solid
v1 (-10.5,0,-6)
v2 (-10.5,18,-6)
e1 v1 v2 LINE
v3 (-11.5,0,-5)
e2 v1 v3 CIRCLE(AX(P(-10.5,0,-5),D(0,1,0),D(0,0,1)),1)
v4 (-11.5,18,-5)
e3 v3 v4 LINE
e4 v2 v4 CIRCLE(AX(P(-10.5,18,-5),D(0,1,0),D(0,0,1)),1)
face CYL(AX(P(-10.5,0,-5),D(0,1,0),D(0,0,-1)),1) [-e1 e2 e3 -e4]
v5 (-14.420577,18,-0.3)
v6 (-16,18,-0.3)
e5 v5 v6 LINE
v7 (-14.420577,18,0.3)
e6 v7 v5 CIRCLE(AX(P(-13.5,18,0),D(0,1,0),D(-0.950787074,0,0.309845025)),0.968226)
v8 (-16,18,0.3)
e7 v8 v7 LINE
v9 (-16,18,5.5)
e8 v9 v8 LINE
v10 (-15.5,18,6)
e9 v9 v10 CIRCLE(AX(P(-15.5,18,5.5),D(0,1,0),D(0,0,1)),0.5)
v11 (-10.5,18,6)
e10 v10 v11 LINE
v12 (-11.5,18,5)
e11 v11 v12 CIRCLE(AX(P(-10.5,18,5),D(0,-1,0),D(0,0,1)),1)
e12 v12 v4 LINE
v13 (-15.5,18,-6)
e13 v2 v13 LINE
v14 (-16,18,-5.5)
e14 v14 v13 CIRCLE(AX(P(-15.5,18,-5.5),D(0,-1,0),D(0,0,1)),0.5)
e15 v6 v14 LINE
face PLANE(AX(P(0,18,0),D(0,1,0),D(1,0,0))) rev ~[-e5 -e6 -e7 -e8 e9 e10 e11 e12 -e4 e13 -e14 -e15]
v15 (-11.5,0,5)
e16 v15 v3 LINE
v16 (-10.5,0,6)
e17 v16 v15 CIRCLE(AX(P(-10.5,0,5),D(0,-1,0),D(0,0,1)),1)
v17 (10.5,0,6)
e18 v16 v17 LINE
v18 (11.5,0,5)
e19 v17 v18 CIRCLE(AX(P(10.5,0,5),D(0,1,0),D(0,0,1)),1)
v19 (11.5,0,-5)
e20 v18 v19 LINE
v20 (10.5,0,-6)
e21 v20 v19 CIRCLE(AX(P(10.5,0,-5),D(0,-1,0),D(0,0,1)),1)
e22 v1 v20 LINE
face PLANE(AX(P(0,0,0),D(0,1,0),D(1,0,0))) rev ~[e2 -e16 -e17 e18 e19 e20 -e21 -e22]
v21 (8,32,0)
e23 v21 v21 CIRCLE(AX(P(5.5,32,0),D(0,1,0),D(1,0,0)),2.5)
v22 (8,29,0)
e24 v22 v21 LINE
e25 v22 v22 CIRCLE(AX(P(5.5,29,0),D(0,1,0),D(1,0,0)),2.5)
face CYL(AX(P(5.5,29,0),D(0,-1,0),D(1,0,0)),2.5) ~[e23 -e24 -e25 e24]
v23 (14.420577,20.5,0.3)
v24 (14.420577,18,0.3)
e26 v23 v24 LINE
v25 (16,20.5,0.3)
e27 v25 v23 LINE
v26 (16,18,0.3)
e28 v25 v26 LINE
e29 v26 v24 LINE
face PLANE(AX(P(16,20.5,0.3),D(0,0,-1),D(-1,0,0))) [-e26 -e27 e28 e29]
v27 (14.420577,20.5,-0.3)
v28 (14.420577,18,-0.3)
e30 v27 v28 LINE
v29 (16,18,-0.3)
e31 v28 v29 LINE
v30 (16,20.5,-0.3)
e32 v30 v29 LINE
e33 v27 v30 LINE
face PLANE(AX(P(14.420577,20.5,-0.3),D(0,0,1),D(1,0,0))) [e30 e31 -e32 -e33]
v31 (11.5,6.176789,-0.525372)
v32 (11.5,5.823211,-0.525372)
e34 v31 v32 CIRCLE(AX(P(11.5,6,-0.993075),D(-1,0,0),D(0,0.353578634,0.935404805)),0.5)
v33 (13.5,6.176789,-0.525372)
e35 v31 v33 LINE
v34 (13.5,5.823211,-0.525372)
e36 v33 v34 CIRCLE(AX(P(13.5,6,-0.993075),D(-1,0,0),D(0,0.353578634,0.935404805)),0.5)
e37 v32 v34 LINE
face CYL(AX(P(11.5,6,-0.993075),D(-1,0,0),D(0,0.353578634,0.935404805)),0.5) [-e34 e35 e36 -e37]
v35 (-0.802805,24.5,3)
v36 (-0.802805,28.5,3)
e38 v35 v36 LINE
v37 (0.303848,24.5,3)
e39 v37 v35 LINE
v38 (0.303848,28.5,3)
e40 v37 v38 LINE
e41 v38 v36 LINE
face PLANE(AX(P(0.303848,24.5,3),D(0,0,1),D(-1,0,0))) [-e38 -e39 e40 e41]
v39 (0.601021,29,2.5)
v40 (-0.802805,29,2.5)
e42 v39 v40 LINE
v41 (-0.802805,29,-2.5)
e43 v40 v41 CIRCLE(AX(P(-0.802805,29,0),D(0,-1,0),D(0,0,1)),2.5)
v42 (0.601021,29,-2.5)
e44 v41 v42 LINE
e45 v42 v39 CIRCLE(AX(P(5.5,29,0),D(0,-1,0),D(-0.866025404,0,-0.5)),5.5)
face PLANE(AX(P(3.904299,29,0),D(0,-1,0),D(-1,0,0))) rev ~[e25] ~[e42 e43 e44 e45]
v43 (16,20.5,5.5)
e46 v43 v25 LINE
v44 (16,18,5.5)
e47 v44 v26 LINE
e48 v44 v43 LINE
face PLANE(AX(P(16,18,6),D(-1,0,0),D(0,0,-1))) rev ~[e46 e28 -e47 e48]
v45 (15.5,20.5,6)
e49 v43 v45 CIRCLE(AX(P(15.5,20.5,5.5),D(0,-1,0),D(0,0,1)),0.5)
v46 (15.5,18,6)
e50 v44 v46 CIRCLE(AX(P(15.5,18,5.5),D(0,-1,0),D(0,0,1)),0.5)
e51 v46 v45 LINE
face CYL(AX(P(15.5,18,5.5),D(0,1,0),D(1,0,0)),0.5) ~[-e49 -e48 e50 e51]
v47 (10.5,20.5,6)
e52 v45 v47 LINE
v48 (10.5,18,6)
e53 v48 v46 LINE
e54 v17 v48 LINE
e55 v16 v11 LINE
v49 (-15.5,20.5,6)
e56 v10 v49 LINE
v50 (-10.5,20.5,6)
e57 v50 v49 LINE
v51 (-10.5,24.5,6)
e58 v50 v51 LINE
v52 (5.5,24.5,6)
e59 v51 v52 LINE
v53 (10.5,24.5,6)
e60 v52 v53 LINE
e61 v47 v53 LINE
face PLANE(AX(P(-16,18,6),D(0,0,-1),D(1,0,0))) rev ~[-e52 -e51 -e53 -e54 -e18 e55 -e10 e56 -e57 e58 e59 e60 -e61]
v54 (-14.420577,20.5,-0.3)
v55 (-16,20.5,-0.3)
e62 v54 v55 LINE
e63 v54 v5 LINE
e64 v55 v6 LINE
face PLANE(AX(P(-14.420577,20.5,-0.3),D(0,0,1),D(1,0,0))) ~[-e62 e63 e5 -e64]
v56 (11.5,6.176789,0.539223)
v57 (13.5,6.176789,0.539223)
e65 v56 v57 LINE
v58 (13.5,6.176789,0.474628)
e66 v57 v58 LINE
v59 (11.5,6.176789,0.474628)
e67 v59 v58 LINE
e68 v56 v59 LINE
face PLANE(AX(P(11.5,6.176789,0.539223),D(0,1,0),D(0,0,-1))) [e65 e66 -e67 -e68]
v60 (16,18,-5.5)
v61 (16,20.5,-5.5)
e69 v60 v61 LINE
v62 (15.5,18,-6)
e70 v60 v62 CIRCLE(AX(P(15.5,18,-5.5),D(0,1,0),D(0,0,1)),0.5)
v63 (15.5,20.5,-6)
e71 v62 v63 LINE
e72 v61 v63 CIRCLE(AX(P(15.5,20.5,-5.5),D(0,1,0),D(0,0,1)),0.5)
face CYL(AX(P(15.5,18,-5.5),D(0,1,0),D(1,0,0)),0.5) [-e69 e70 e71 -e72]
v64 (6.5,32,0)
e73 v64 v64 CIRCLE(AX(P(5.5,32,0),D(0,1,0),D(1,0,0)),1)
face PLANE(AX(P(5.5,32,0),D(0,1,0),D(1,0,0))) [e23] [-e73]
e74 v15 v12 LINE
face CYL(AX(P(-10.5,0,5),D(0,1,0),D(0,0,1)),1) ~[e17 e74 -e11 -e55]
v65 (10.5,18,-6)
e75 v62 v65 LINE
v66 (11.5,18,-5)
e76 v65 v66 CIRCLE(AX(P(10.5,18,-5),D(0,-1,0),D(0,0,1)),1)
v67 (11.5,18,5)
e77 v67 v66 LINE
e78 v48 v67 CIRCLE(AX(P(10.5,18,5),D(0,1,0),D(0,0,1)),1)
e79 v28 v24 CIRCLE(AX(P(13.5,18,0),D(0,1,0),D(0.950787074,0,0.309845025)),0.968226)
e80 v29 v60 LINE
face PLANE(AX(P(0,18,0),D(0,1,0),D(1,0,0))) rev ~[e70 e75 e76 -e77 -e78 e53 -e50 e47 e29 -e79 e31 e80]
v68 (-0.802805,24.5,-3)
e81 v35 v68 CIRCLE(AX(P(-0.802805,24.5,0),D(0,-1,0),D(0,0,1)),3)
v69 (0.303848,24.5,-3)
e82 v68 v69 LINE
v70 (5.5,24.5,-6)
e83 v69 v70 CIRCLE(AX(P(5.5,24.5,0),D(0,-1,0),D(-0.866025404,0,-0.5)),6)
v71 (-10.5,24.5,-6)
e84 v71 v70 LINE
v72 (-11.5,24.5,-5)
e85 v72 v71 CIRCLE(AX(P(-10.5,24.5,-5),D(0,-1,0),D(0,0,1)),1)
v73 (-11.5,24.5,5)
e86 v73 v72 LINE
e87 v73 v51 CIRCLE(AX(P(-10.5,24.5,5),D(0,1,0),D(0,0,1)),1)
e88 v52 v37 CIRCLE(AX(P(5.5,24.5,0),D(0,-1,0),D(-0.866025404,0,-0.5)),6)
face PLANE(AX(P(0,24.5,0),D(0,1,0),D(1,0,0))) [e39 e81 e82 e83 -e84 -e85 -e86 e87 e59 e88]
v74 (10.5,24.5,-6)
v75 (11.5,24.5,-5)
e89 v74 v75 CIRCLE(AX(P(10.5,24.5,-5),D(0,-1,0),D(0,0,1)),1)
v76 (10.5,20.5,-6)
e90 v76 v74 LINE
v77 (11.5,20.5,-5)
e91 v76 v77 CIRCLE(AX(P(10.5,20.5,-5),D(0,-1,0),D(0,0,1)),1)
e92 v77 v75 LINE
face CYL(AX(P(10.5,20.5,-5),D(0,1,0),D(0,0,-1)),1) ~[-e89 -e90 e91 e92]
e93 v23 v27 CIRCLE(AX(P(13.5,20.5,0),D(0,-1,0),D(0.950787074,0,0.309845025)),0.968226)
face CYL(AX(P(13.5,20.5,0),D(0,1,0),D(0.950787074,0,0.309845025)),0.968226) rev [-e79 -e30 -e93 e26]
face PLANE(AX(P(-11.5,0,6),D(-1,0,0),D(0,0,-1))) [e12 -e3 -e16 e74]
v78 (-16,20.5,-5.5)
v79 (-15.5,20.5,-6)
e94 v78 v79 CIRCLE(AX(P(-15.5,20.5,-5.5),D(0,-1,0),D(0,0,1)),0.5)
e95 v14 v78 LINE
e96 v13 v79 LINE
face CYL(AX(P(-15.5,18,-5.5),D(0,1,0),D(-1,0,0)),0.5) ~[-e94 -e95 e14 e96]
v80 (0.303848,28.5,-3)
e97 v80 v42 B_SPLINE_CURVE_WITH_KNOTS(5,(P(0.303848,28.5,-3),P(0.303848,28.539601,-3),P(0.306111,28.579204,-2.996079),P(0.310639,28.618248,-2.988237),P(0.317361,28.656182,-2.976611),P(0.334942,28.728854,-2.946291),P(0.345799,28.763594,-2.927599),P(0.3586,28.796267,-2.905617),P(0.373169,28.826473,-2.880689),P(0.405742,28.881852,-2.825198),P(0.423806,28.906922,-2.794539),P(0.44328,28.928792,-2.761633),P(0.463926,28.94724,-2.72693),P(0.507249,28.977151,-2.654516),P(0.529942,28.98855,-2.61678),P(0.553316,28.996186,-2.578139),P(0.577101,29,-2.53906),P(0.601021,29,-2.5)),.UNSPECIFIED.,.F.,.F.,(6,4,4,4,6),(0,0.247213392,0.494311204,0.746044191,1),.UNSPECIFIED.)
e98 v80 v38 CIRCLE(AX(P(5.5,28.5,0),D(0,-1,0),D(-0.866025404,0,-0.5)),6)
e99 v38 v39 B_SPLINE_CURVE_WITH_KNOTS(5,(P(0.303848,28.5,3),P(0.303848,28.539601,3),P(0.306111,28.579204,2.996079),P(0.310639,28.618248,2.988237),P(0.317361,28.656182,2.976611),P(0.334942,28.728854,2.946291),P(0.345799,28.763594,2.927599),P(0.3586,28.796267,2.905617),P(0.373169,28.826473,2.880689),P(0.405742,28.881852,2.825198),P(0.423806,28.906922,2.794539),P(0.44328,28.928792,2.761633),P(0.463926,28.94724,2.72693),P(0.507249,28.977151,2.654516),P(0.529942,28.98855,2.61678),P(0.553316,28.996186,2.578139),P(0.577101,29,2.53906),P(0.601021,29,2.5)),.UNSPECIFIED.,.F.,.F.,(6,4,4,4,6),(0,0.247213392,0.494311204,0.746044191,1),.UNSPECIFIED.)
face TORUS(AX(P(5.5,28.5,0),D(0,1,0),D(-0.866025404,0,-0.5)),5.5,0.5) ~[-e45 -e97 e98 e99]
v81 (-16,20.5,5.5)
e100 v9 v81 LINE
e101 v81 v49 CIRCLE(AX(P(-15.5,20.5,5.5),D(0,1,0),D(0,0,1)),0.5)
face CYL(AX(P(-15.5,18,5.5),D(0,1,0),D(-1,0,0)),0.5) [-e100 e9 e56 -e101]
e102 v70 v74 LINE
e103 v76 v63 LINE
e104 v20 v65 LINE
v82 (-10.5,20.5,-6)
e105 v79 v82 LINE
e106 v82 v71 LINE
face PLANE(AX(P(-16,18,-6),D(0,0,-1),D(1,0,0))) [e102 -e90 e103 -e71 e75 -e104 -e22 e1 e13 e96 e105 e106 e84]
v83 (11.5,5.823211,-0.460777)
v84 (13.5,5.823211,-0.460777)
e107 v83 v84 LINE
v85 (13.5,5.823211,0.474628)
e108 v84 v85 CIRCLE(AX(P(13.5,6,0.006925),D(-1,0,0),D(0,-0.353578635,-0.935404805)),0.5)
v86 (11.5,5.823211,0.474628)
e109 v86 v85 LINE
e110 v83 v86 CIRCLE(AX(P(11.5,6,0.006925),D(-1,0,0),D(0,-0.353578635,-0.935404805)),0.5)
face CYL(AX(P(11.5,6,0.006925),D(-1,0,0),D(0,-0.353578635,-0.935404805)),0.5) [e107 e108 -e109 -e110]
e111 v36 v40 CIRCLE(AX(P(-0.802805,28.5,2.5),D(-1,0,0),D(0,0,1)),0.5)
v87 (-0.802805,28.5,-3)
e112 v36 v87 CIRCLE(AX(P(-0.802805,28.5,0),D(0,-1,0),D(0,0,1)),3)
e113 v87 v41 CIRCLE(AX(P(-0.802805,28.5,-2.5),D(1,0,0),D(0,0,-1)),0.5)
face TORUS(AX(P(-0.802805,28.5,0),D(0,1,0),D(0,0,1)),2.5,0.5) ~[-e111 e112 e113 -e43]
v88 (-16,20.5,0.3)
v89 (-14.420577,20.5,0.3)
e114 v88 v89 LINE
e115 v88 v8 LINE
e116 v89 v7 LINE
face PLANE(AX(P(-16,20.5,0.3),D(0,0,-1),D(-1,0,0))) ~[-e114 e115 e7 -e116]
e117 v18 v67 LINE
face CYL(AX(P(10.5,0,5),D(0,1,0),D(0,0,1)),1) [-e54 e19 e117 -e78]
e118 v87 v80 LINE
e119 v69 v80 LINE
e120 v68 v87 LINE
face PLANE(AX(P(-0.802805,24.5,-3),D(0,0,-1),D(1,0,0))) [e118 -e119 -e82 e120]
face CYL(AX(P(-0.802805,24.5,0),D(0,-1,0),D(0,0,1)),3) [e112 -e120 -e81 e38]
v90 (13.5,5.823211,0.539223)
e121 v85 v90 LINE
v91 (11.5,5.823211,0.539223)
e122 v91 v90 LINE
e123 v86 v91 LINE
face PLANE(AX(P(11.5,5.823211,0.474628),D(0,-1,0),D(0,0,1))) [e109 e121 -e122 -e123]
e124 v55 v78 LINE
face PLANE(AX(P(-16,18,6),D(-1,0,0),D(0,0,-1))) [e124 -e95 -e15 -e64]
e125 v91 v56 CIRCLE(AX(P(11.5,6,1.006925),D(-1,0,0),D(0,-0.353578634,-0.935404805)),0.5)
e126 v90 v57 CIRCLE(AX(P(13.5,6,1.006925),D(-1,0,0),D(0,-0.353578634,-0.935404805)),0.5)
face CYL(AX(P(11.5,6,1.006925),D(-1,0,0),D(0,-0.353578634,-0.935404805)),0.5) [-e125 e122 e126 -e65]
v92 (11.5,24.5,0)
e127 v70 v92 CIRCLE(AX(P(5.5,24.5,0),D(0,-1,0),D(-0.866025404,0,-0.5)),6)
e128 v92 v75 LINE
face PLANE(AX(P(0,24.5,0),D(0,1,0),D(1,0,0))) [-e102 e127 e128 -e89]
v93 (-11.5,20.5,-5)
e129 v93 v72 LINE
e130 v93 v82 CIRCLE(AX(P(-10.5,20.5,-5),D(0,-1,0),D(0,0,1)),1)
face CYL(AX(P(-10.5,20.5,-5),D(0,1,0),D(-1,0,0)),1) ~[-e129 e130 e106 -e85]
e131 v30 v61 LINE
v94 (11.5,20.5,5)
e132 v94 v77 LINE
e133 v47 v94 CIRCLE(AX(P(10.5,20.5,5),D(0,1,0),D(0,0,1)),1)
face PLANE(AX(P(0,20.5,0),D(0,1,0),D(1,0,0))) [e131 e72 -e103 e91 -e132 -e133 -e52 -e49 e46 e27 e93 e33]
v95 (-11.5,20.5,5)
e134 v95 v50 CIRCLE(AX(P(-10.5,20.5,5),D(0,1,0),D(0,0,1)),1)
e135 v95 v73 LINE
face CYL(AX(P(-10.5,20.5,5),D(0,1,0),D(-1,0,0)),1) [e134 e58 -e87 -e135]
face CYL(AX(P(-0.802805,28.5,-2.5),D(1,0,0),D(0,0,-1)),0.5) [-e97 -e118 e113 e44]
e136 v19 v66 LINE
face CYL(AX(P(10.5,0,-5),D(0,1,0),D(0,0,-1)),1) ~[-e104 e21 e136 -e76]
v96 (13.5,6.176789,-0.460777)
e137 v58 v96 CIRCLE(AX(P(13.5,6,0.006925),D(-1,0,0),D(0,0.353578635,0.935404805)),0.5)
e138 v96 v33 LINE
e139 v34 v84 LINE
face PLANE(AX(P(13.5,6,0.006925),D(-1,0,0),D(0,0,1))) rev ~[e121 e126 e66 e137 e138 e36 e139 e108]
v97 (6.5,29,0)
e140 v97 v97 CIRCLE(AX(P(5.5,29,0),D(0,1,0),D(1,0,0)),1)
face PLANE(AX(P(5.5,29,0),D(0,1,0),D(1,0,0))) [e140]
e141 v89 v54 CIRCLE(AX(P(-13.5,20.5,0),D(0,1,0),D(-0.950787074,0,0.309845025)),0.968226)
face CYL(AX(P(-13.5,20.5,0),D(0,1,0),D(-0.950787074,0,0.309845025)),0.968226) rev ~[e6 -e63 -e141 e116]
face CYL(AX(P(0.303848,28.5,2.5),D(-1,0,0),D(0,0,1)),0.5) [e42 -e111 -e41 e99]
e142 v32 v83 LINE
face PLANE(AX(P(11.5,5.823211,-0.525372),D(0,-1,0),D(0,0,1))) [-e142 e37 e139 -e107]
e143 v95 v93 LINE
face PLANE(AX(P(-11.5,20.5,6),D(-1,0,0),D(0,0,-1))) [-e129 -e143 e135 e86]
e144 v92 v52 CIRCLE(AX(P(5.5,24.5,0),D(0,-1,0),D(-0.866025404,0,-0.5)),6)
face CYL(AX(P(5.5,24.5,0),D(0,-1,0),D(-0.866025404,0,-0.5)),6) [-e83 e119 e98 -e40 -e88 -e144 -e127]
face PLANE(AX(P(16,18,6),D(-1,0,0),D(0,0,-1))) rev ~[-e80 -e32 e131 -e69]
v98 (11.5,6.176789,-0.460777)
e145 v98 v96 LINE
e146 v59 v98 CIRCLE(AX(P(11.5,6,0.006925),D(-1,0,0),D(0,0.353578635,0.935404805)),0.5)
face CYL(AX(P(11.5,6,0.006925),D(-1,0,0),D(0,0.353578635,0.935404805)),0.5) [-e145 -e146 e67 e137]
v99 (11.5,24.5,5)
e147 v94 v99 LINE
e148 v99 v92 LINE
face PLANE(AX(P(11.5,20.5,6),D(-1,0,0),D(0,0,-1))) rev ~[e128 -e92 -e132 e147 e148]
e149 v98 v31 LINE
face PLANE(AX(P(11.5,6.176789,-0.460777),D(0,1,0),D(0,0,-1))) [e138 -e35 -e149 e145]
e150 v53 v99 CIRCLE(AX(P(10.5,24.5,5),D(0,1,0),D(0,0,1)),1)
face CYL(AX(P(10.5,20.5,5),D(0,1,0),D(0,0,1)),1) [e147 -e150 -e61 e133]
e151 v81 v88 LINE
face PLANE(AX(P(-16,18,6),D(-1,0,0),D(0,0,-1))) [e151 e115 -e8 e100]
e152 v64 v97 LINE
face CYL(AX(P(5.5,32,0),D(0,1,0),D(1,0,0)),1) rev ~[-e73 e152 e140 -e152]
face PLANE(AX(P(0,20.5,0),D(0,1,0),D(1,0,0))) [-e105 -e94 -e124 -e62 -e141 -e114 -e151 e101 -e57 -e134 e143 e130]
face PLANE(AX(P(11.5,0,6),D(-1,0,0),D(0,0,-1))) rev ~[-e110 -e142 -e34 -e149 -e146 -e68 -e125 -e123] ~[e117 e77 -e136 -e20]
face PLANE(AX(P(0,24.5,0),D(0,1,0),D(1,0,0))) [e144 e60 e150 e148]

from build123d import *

# Parameters (mm, degrees)
SKETCH1_W            = 23
SKETCH1_H            = 12
BOSS_EXTRUDE1_DEPTH  = 18
SKETCH2_W            = 32
SKETCH2_H            = 12
BOSS_EXTRUDE2_DEPTH  = 2.5
SKETCH3_W            = 23
SKETCH3_H            = 12
BOSS_EXTRUDE3_DEPTH  = 4
BOSS_EXTRUDE4_DEPTH  = 4.5
FILLET1_R            = 1
FILLET2_R            = 0.5
CUT_EXTRUDE2_DEPTH   = 21.5
SKETCH5_R            = 2.5
BOSS_EXTRUDE5_DEPTH  = 3
SKETCH6_R            = 1
CUT_EXTRUDE1_DEPTH   = 3
BOSS_EXTRUDE11_DEPTH = 2
FILLET3_R            = 0.5


with BuildPart() as part:
    # Sketch1 → Boss-Extrude1 (new body)
    with BuildSketch(Plane(origin=(0, 0, 0), x_dir=(1, 0, 0), z_dir=(0, 1, 0))):
        Rectangle(SKETCH1_W, SKETCH1_H)
    extrude(amount=BOSS_EXTRUDE1_DEPTH)

    # Sketch2 → Boss-Extrude2 (add)
    with BuildSketch(Plane(origin=(0, 18, 0), x_dir=(1, 0, 0), z_dir=(0, 1, 0))):
        Rectangle(SKETCH2_W, SKETCH2_H)
    extrude(amount=BOSS_EXTRUDE2_DEPTH)

    # Sketch3 → Boss-Extrude3 (add)
    with BuildSketch(Plane(origin=(0, 20.5, 0), x_dir=(1, 0, 0), z_dir=(0, 1, 0))):
        Rectangle(SKETCH3_W, SKETCH3_H)
    extrude(amount=BOSS_EXTRUDE3_DEPTH)

    # Sketch4 → Boss-Extrude4 (add)
    with BuildSketch(Plane(origin=(0, 24.5, 0), x_dir=(1, 0, 0), z_dir=(0, 1, 0))):
        with BuildLine():
            Line((-0.802804538, 3), (0.303847577, 3))
            ThreePointArc((0.303847577, 3), (11.5, 0), (0.303847577, -3))
            Line((0.303847577, -3), (-0.802804538, -3))
            ThreePointArc((-0.802804538, -3), (-3.802804538, 0), (-0.802804538, 3))
        make_face()
    extrude(amount=BOSS_EXTRUDE4_DEPTH)

    # Fillet1
    fillet1_edges = [part.edges().sort_by_distance(p)[0] for p in [
        (11.5, 22.5, 6),
        (11.5, 22.5, -6),
        (-11.5, 22.5, -6),
        (-11.5, 22.5, 6),
        (11.5, 9, 6),
        (-11.5, 9, 6),
        (-11.5, 9, -6),
        (11.5, 9, -6),
    ]]
    fillet(fillet1_edges, radius=FILLET1_R)

    # Fillet2
    fillet2_edges = [part.edges().sort_by_distance(p)[0] for p in [
        (16, 19.25, 6),
        (16, 19.25, -6),
        (-16, 19.25, -6),
        (-16, 19.25, 6),
    ]]
    fillet(fillet2_edges, radius=FILLET2_R)

    # Sketch7 → Cut-Extrude2 (cut, through all)
    with BuildSketch(Plane(origin=(0, 20.5, 0), x_dir=(1, 0, 0), z_dir=(0, 1, 0))):
        with BuildLine():
            Line((14.420576737, 0.3), (16, 0.3))
            Line((16, 0.3), (16, -0.3))
            Line((16, -0.3), (14.420576737, -0.3))
            ThreePointArc((14.420576737, -0.3), (12.53177403, 0), (14.420576737, 0.3))
        make_face()
    cut_extrude2 = extrude(amount=-CUT_EXTRUDE2_DEPTH, mode=Mode.SUBTRACT)

    # Mirror1: Cut-Extrude2 across plane
    add(cut_extrude2.mirror(Plane(origin=(0, 0, 0), x_dir=(0, 0, 1), z_dir=(1, 0, 0))), mode=Mode.SUBTRACT)

    # Sketch5 → Boss-Extrude5 (add)
    with BuildSketch(Plane(origin=(0, 29, 0), x_dir=(1, 0, 0), z_dir=(0, 1, 0))):
        with Locations((5.5, 0)):
            Circle(SKETCH5_R)
    extrude(amount=BOSS_EXTRUDE5_DEPTH)

    # Sketch6 → Cut-Extrude1 (cut)
    with BuildSketch(Plane(origin=(0, 32, 0), x_dir=(1, 0, 0), z_dir=(0, 1, 0))):
        with Locations((5.5, 0)):
            Circle(SKETCH6_R)
    extrude(amount=-CUT_EXTRUDE1_DEPTH, mode=Mode.SUBTRACT)

    # Sketch8 → Boss-Extrude11 (add)
    with BuildSketch(Plane(origin=(11.5, 0, 0), x_dir=(0, 0, -1), z_dir=(1, 0, 0))):
        with BuildLine():
            Line((-0.539222972, 6.176789317), (-0.474627778, 6.176789317))
            ThreePointArc((-0.474627778, 6.176789317), (-0.006925375, 6.5), (0.460777028, 6.176789317))
            Line((0.460777028, 6.176789317), (0.525372222, 6.176789317))
            ThreePointArc((0.525372222, 6.176789317), (1.493074625, 6), (0.525372222, 5.823210683))
            Line((0.525372222, 5.823210683), (0.460777028, 5.823210683))
            ThreePointArc((0.460777028, 5.823210683), (-0.006925375, 5.5), (-0.474627778, 5.823210683))
            Line((-0.474627778, 5.823210683), (-0.539222972, 5.823210683))
            ThreePointArc((-0.539222972, 5.823210683), (-1.506925375, 6), (-0.539222972, 6.176789317))
        make_face()
    extrude(amount=BOSS_EXTRUDE11_DEPTH)

    # Fillet3
    fillet3_edges = [part.edges().sort_by_distance(p)[0] for p in [
        (-3.802804538, 29, 0),
        (-0.249478481, 29, 3),
        (11.5, 29, 0),
        (-0.249478481, 29, -3),
    ]]
    fillet(fillet3_edges, radius=FILLET3_R)


solid = part.part
